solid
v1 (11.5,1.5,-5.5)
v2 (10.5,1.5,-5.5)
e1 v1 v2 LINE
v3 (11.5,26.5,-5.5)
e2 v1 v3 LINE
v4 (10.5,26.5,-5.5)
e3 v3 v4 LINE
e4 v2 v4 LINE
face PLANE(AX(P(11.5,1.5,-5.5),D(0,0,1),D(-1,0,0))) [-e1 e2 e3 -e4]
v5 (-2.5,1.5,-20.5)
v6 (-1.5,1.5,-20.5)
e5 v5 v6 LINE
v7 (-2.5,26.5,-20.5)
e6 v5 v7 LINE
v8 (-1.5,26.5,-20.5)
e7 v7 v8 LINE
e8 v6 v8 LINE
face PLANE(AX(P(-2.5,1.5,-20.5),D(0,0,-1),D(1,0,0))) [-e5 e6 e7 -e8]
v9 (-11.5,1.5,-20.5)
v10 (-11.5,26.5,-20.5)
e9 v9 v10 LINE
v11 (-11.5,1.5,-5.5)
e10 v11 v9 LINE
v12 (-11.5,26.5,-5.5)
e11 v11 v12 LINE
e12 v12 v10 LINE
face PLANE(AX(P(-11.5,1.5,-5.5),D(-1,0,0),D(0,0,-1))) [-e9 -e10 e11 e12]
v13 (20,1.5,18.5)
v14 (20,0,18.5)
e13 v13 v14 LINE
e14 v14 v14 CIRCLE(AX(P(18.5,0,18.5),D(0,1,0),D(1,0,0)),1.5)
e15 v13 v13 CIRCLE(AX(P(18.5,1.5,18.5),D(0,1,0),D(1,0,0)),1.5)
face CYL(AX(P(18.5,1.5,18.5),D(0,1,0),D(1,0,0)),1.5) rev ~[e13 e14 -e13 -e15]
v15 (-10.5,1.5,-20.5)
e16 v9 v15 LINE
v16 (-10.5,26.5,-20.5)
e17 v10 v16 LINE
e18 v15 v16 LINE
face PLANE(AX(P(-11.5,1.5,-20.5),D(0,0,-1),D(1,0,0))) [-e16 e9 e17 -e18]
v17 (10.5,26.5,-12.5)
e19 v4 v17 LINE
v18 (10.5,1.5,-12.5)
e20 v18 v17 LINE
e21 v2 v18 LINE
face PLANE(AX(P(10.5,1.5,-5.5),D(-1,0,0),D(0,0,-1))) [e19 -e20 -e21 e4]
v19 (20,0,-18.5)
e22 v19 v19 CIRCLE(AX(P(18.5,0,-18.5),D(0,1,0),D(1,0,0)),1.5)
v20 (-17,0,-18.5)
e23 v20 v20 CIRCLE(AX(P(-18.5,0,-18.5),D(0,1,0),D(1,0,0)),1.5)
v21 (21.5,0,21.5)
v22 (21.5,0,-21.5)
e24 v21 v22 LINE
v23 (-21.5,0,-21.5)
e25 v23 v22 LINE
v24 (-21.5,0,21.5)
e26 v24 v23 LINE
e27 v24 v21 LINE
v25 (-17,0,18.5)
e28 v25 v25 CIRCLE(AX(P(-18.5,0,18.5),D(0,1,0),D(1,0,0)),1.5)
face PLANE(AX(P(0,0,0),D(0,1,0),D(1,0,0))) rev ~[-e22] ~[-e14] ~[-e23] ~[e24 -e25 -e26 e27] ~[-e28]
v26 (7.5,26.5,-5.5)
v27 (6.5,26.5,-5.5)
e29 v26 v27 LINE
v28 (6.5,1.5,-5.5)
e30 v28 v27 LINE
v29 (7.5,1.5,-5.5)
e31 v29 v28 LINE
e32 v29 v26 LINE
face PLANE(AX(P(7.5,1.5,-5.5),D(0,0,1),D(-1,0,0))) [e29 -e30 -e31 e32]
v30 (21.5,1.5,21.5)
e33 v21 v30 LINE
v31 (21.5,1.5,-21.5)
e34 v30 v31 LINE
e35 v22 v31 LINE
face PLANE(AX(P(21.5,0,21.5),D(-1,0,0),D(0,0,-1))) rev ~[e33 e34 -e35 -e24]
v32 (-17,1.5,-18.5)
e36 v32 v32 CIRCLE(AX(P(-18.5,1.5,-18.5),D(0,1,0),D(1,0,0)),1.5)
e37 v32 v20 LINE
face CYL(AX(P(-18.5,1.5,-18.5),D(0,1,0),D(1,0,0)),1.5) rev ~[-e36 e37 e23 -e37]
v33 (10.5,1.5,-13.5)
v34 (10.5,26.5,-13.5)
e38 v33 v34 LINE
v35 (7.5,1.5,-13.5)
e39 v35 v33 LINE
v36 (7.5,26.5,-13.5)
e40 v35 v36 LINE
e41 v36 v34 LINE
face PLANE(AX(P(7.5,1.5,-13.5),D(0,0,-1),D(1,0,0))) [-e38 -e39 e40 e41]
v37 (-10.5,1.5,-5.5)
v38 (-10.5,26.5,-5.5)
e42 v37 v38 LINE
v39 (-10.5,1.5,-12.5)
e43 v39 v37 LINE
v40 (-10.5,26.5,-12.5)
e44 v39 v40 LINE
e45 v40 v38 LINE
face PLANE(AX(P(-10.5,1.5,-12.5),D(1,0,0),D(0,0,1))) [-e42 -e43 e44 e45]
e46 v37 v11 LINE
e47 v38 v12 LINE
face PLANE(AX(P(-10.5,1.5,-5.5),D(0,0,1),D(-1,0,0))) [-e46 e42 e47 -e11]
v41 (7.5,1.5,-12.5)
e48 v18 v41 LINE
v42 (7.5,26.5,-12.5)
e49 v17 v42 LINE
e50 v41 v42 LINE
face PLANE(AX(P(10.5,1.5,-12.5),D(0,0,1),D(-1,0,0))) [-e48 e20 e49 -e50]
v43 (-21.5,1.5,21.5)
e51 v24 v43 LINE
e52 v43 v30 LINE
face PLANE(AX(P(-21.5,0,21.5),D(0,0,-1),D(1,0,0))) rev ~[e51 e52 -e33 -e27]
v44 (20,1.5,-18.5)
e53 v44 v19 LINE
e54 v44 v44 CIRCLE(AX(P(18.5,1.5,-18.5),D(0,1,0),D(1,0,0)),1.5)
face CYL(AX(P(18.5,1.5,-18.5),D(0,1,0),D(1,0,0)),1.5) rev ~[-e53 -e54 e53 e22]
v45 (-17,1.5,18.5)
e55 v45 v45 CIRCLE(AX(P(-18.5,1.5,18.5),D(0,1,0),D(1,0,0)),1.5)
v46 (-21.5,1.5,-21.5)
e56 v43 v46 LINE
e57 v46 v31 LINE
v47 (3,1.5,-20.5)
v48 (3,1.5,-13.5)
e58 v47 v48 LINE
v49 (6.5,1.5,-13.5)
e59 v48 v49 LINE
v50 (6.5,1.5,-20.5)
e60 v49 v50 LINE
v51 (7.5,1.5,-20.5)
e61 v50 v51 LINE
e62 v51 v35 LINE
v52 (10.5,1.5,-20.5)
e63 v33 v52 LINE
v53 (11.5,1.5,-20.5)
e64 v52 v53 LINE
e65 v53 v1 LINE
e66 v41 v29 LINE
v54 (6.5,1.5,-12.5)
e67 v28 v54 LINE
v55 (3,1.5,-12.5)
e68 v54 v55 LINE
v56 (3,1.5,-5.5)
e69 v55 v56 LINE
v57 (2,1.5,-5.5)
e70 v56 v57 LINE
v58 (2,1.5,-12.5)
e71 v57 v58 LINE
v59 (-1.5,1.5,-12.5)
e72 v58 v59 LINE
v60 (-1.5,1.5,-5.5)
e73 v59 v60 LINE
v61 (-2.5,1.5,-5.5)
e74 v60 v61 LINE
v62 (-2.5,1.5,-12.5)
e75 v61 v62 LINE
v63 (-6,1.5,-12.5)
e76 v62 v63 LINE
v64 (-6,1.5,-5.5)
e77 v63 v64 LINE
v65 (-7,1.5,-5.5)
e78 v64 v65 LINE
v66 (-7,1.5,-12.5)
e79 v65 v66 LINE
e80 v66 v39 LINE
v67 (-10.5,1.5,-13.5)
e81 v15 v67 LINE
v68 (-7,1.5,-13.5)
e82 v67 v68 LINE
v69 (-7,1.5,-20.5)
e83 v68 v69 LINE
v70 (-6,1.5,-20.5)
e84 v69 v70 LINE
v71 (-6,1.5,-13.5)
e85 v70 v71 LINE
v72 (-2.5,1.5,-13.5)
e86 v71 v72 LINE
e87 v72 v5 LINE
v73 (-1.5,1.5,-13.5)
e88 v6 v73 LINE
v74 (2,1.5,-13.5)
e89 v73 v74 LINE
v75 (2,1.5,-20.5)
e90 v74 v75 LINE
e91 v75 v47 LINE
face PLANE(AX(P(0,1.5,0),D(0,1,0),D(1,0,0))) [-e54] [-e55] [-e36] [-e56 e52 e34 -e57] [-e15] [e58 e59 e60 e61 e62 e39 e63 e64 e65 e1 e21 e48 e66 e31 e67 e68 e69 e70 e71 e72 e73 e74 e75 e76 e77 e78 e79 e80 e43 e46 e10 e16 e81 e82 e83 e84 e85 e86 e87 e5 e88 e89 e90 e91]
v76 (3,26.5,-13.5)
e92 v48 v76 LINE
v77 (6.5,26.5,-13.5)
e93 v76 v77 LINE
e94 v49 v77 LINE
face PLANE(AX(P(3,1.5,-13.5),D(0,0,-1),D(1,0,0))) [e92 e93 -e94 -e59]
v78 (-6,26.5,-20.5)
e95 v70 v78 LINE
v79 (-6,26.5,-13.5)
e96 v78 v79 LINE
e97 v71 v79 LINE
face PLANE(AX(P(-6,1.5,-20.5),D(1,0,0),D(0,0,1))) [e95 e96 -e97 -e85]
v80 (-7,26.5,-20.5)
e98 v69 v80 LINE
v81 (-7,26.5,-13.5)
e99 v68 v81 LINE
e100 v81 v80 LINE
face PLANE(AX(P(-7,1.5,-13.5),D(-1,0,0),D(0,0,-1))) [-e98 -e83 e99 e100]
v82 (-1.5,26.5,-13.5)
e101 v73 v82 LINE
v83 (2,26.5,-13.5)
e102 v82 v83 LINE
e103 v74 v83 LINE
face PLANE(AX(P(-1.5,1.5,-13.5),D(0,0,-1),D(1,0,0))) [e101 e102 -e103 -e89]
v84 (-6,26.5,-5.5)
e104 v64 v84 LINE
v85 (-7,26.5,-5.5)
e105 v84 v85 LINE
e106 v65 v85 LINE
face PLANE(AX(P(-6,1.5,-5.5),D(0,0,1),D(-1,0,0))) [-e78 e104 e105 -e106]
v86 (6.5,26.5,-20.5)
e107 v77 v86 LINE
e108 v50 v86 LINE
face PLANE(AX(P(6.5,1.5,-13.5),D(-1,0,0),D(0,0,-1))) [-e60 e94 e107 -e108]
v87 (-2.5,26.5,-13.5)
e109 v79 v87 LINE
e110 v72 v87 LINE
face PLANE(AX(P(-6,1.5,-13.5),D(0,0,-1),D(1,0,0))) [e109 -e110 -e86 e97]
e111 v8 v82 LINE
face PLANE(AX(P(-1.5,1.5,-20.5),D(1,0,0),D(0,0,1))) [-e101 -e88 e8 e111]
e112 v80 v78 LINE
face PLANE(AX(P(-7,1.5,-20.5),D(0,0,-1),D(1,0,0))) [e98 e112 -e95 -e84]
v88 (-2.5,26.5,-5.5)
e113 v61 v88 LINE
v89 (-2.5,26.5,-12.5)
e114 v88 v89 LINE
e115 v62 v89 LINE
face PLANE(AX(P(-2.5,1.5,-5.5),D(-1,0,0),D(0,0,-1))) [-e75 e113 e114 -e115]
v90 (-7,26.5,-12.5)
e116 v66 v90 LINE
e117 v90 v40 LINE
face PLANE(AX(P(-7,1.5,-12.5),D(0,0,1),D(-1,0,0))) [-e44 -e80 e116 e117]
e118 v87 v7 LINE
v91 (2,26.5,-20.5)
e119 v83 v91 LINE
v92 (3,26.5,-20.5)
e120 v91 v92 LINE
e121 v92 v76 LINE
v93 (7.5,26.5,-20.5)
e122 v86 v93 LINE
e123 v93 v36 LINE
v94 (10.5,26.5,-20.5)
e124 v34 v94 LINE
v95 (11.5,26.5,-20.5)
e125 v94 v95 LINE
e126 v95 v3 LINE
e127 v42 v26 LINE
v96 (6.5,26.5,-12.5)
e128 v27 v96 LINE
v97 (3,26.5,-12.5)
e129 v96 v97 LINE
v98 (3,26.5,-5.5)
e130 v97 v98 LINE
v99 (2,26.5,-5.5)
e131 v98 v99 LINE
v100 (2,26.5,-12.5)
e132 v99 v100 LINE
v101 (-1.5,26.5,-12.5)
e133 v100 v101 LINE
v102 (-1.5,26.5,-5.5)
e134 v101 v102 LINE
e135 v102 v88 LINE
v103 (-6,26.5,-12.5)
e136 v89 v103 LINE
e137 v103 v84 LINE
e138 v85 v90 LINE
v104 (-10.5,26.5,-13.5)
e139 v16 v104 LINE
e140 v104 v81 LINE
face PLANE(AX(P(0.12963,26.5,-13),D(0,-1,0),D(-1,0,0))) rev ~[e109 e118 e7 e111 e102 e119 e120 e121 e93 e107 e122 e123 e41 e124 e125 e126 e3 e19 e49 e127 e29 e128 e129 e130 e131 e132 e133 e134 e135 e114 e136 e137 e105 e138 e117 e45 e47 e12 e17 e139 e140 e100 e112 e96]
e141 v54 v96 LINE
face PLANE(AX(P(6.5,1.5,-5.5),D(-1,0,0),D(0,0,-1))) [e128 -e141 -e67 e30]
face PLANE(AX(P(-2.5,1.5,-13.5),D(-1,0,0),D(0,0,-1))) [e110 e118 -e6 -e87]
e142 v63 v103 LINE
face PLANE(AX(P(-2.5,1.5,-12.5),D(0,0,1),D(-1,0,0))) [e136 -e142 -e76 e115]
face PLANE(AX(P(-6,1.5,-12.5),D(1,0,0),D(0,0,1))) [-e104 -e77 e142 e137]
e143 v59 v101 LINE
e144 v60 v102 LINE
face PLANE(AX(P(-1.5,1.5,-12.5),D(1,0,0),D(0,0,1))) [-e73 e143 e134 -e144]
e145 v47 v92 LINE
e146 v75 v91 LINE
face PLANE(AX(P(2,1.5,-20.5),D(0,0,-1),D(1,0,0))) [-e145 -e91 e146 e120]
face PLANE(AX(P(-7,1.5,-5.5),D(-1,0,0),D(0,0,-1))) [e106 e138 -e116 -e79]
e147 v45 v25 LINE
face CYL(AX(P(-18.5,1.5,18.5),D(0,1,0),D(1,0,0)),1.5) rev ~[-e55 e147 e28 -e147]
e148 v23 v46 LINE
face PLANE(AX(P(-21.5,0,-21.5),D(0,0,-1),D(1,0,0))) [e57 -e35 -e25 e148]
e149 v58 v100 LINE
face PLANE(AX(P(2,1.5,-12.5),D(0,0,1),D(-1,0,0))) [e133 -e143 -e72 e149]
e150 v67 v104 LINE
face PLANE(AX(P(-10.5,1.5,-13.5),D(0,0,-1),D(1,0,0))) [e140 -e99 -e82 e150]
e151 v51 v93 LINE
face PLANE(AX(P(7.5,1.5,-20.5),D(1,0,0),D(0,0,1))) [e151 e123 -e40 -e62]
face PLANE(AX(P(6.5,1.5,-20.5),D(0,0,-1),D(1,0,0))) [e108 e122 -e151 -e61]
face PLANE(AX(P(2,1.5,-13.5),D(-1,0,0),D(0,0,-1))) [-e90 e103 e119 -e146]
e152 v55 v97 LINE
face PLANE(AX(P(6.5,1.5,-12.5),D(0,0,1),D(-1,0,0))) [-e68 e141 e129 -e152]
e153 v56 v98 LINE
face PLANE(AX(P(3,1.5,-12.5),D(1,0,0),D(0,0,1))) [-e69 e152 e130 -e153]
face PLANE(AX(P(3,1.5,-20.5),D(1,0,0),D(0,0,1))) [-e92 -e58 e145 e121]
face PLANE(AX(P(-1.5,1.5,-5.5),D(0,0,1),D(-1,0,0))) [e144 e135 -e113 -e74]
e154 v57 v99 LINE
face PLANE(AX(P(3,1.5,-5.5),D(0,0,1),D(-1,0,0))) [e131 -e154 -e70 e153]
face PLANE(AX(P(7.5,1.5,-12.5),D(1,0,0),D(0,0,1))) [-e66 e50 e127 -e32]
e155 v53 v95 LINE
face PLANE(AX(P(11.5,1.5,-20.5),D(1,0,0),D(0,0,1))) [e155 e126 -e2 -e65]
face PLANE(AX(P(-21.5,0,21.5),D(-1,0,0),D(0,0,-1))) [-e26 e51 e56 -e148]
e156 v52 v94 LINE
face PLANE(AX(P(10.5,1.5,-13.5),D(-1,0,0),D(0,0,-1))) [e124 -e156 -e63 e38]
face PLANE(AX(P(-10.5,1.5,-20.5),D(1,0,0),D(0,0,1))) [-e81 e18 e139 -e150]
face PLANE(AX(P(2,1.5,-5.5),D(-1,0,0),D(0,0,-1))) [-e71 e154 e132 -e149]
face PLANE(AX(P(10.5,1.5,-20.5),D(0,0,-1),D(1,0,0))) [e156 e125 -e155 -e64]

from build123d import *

# Parameters (mm, degrees)
SKETCH1_W           = 43
SKETCH1_H           = 43
BOSS_EXTRUDE1_DEPTH = 1.5
SKETCH2_R           = 1.5
CUT_EXTRUDE1_DEPTH  = 2.5
BOSS_EXTRUDE2_DEPTH = 25


with BuildPart() as part:
    # Sketch1 → Boss-Extrude1 (new body)
    with BuildSketch(Plane(origin=(0, 0, 0), x_dir=(1, 0, 0), z_dir=(0, 1, 0))):
        Rectangle(SKETCH1_W, SKETCH1_H)
    extrude(amount=BOSS_EXTRUDE1_DEPTH)

    # Sketch2 → Cut-Extrude1 (cut, through all)
    with BuildSketch(Plane(origin=(0, 1.5, 0), x_dir=(1, 0, 0), z_dir=(0, 1, 0))):
        with Locations((-18.5, 18.5)):
            Circle(SKETCH2_R)
        with Locations((18.5, 18.5)):
            Circle(SKETCH2_R)
        with Locations((18.5, -18.5)):
            Circle(SKETCH2_R)
        with Locations((-18.5, -18.5)):
            Circle(SKETCH2_R)
    extrude(amount=-CUT_EXTRUDE1_DEPTH, mode=Mode.SUBTRACT)

    # Sketch3 → Boss-Extrude2 (add)
    with BuildSketch(Plane(origin=(0, 1.5, 0), x_dir=(1, 0, 0), z_dir=(0, 1, 0))):
        Polygon((-7, 5.5), (-7, 12.5), (-10.5, 12.5), (-10.5, 5.5), (-11.5, 5.5), (-11.5, 20.5), (-10.5, 20.5), (-10.5, 13.5), (-7, 13.5), (-7, 20.5), (-6, 20.5), (-6, 13.5), (-2.5, 13.5), (-2.5, 20.5), (-1.5, 20.5), (-1.5, 13.5), (2, 13.5), (2, 20.5), (3, 20.5), (3, 13.5), (6.5, 13.5), (6.5, 20.5), (7.5, 20.5), (7.5, 13.5), (10.5, 13.5), (10.5, 20.5), (11.5, 20.5), (11.5, 5.5), (10.5, 5.5), (10.5, 12.5), (7.5, 12.5), (7.5, 5.5), (6.5, 5.5), (6.5, 12.5), (3, 12.5), (3, 5.5), (2, 5.5), (2, 12.5), (-1.5, 12.5), (-1.5, 5.5), (-2.5, 5.5), (-2.5, 12.5), (-6, 12.5), (-6, 5.5), align=None)
    extrude(amount=BOSS_EXTRUDE2_DEPTH)


solid = part.part
